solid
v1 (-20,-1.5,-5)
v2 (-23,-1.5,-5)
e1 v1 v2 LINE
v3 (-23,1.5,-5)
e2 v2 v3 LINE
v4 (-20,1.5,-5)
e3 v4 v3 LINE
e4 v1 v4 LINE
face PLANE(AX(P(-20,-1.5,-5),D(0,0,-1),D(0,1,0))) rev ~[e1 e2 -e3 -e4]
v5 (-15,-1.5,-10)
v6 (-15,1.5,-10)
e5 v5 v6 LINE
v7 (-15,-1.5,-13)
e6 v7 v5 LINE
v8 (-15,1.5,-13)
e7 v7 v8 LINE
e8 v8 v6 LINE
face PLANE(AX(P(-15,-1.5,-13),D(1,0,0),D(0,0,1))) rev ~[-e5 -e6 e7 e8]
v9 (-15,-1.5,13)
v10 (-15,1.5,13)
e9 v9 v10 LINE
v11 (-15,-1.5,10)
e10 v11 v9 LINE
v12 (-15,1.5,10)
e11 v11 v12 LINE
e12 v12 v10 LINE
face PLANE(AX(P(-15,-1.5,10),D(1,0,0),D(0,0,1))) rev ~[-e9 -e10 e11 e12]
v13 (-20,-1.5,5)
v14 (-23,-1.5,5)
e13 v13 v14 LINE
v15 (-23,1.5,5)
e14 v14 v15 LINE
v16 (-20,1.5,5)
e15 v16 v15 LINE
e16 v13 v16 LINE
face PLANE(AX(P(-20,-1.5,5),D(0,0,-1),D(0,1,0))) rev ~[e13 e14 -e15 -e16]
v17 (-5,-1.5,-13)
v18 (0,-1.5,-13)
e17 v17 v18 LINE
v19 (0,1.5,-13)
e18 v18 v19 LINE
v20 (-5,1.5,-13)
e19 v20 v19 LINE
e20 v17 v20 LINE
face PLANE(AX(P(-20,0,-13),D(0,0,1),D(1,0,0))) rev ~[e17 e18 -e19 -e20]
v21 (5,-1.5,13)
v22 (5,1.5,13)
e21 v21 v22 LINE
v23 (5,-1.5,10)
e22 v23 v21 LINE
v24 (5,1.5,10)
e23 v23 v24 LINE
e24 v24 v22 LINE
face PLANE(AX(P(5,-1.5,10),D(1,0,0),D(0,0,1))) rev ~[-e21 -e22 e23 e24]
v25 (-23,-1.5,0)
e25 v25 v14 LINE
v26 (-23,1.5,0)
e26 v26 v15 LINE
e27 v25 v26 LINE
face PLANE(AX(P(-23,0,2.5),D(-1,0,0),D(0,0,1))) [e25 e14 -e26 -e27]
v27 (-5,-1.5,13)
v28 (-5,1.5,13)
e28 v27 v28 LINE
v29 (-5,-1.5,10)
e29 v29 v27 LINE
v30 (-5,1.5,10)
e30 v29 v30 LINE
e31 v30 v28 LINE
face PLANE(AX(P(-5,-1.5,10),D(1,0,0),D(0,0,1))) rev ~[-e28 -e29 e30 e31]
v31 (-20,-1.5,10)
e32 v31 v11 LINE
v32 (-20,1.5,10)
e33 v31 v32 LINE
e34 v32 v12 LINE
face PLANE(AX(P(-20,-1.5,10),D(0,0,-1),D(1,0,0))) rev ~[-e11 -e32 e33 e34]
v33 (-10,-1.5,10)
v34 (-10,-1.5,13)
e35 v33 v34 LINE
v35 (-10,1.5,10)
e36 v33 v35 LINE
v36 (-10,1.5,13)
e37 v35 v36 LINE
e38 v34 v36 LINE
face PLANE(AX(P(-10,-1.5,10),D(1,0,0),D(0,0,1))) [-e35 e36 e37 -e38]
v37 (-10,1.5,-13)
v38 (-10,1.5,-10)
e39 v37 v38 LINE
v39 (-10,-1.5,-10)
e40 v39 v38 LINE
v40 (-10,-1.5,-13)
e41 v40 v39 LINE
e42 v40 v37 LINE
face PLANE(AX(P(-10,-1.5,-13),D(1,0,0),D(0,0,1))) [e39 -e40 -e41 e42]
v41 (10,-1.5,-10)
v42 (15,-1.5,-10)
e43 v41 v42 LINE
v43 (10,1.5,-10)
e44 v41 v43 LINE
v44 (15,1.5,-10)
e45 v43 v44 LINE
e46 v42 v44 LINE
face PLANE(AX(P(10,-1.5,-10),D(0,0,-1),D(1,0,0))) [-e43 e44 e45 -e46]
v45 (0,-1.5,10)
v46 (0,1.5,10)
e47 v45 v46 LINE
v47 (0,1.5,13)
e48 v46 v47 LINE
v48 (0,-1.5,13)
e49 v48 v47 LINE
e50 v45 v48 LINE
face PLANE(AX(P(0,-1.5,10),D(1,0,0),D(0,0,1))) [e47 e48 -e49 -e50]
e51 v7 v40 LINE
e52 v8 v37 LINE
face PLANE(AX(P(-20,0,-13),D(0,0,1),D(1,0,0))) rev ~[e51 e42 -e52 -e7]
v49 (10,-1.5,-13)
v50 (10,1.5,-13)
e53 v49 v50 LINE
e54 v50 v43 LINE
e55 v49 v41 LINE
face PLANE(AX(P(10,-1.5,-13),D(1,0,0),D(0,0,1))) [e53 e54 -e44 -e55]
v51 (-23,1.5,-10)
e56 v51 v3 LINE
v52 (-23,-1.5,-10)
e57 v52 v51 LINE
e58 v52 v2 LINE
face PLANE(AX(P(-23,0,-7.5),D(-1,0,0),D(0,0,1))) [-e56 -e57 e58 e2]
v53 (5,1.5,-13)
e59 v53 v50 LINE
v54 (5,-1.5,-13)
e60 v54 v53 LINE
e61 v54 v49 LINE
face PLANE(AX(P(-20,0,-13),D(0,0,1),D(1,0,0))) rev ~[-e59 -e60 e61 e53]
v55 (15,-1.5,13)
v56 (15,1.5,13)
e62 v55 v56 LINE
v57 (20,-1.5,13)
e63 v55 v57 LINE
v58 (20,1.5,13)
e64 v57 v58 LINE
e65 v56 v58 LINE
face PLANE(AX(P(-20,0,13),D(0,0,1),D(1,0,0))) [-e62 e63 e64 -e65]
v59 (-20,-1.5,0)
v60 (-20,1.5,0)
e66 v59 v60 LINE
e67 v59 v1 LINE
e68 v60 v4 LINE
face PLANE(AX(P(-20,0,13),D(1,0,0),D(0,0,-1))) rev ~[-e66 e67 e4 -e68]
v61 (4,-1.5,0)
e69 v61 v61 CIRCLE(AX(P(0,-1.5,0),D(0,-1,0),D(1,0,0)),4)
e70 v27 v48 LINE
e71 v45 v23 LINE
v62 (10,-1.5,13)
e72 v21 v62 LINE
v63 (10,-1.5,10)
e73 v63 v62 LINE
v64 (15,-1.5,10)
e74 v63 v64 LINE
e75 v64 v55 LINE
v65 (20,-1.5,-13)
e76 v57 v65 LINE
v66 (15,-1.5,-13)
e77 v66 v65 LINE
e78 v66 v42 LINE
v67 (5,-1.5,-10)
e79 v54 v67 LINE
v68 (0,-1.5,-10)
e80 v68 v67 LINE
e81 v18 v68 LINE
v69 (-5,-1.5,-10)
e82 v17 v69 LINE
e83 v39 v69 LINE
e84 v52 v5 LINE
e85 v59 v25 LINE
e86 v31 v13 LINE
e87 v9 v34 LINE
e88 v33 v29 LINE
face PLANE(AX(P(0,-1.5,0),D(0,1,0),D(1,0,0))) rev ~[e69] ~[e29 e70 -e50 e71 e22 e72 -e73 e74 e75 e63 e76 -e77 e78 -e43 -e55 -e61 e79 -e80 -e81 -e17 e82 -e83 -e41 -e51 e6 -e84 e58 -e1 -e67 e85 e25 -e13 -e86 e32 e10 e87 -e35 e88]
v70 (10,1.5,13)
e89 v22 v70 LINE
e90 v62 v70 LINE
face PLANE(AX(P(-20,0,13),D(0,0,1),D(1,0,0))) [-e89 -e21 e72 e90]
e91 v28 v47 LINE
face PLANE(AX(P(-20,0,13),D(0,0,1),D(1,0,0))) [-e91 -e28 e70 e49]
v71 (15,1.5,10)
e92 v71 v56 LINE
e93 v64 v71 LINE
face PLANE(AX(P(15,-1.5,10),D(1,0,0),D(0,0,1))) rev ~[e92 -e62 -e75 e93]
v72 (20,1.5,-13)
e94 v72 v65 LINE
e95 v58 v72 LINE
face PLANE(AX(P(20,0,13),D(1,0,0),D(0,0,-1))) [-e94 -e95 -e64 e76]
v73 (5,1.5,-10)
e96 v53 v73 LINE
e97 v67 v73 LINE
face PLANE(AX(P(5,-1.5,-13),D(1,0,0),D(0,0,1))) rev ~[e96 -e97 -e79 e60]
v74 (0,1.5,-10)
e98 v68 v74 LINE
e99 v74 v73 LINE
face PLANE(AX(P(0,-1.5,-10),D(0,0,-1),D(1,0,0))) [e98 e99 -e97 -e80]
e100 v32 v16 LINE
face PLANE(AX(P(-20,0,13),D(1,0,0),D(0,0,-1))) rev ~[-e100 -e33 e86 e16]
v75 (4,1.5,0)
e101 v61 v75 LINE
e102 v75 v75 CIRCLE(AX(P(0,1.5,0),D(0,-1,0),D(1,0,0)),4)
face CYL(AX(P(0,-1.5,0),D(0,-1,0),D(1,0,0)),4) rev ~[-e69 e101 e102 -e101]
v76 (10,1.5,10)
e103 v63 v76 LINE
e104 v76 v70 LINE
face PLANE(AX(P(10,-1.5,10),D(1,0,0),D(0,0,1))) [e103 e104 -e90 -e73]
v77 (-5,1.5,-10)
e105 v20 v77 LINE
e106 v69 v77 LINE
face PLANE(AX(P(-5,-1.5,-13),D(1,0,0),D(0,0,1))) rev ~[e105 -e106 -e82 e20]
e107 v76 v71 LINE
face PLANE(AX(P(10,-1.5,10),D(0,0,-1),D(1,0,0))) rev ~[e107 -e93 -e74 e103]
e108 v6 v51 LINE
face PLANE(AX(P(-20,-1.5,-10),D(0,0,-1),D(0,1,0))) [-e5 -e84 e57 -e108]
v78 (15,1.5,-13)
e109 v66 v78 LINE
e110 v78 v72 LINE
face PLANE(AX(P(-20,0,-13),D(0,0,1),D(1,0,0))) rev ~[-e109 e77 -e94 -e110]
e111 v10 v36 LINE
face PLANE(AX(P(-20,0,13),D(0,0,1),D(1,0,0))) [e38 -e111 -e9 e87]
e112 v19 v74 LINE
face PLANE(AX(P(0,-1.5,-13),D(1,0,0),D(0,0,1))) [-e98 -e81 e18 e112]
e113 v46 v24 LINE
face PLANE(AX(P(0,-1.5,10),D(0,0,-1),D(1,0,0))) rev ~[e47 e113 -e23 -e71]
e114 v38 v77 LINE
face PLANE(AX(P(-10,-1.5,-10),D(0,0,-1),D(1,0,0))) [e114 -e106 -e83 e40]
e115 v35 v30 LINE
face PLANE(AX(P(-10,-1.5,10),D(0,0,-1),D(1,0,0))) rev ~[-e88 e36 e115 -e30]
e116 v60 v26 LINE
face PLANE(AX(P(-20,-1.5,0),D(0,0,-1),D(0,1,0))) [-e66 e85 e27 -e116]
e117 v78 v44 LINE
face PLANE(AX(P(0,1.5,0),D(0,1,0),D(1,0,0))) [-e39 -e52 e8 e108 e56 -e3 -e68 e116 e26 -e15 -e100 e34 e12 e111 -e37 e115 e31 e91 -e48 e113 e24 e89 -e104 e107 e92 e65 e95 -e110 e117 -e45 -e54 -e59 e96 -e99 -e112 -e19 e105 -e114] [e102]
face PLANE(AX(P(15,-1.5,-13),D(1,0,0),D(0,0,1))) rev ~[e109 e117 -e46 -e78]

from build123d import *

# Parameters (mm, degrees)
SKETCH1_W           = 40
SKETCH1_H           = 26
BOSS_EXTRUDE1_DEPTH = 1.5
SKETCH2_R           = 4
CUT_EXTRUDE1_DEPTH  = 3
SKETCH8_W           = 5
SKETCH8_H           = 3
BOSS_EXTRUDE7_DEPTH = 3
SKETCH9_W           = 5
SKETCH9_H           = 3
CUT_EXTRUDE2_DEPTH  = 3


with BuildPart() as part:
    # Sketch1 → Boss-Extrude1 (new body, symmetric)
    with BuildSketch(Plane(origin=(0, 0, 0), x_dir=(1, 0, 0), z_dir=(0, 1, 0))):
        Rectangle(SKETCH1_W, SKETCH1_H)
    extrude(amount=BOSS_EXTRUDE1_DEPTH, both=True)

    # Sketch2 → Cut-Extrude1 (cut)
    with BuildSketch(Plane.XZ.offset(1.5)):
        Circle(SKETCH2_R)
    extrude(amount=-CUT_EXTRUDE1_DEPTH, mode=Mode.SUBTRACT)

    # Sketch8 → Boss-Extrude7 (add)
    with BuildSketch(Plane.ZY.offset(20)):
        with Locations((-7.5, 0)):
            Rectangle(SKETCH8_W, SKETCH8_H)
        with Locations((2.5, 0)):
            Rectangle(SKETCH8_W, SKETCH8_H)
    extrude(amount=BOSS_EXTRUDE7_DEPTH)

    # Sketch9 → Cut-Extrude2 (cut)
    with BuildSketch(Plane.XZ.offset(1.5)):
        with Locations((-17.5, -11.5)):
            Rectangle(SKETCH9_W, SKETCH9_H)
        with Locations((-7.5, -11.5)):
            Rectangle(SKETCH9_W, SKETCH9_H)
        with Locations((-17.5, 11.5)):
            Rectangle(SKETCH9_W, SKETCH9_H)
        with Locations((-7.5, 11.5)):
            Rectangle(SKETCH9_W, SKETCH9_H)
        with Locations((2.5, 11.5)):
            Rectangle(SKETCH9_W, SKETCH9_H)
        with Locations((12.5, 11.5)):
            Rectangle(SKETCH9_W, SKETCH9_H)
        with Locations((2.5, -11.5)):
            Rectangle(SKETCH9_W, SKETCH9_H)
        with Locations((12.5, -11.5)):
            Rectangle(SKETCH9_W, SKETCH9_H)
    extrude(amount=-CUT_EXTRUDE2_DEPTH, mode=Mode.SUBTRACT)


solid = part.part
